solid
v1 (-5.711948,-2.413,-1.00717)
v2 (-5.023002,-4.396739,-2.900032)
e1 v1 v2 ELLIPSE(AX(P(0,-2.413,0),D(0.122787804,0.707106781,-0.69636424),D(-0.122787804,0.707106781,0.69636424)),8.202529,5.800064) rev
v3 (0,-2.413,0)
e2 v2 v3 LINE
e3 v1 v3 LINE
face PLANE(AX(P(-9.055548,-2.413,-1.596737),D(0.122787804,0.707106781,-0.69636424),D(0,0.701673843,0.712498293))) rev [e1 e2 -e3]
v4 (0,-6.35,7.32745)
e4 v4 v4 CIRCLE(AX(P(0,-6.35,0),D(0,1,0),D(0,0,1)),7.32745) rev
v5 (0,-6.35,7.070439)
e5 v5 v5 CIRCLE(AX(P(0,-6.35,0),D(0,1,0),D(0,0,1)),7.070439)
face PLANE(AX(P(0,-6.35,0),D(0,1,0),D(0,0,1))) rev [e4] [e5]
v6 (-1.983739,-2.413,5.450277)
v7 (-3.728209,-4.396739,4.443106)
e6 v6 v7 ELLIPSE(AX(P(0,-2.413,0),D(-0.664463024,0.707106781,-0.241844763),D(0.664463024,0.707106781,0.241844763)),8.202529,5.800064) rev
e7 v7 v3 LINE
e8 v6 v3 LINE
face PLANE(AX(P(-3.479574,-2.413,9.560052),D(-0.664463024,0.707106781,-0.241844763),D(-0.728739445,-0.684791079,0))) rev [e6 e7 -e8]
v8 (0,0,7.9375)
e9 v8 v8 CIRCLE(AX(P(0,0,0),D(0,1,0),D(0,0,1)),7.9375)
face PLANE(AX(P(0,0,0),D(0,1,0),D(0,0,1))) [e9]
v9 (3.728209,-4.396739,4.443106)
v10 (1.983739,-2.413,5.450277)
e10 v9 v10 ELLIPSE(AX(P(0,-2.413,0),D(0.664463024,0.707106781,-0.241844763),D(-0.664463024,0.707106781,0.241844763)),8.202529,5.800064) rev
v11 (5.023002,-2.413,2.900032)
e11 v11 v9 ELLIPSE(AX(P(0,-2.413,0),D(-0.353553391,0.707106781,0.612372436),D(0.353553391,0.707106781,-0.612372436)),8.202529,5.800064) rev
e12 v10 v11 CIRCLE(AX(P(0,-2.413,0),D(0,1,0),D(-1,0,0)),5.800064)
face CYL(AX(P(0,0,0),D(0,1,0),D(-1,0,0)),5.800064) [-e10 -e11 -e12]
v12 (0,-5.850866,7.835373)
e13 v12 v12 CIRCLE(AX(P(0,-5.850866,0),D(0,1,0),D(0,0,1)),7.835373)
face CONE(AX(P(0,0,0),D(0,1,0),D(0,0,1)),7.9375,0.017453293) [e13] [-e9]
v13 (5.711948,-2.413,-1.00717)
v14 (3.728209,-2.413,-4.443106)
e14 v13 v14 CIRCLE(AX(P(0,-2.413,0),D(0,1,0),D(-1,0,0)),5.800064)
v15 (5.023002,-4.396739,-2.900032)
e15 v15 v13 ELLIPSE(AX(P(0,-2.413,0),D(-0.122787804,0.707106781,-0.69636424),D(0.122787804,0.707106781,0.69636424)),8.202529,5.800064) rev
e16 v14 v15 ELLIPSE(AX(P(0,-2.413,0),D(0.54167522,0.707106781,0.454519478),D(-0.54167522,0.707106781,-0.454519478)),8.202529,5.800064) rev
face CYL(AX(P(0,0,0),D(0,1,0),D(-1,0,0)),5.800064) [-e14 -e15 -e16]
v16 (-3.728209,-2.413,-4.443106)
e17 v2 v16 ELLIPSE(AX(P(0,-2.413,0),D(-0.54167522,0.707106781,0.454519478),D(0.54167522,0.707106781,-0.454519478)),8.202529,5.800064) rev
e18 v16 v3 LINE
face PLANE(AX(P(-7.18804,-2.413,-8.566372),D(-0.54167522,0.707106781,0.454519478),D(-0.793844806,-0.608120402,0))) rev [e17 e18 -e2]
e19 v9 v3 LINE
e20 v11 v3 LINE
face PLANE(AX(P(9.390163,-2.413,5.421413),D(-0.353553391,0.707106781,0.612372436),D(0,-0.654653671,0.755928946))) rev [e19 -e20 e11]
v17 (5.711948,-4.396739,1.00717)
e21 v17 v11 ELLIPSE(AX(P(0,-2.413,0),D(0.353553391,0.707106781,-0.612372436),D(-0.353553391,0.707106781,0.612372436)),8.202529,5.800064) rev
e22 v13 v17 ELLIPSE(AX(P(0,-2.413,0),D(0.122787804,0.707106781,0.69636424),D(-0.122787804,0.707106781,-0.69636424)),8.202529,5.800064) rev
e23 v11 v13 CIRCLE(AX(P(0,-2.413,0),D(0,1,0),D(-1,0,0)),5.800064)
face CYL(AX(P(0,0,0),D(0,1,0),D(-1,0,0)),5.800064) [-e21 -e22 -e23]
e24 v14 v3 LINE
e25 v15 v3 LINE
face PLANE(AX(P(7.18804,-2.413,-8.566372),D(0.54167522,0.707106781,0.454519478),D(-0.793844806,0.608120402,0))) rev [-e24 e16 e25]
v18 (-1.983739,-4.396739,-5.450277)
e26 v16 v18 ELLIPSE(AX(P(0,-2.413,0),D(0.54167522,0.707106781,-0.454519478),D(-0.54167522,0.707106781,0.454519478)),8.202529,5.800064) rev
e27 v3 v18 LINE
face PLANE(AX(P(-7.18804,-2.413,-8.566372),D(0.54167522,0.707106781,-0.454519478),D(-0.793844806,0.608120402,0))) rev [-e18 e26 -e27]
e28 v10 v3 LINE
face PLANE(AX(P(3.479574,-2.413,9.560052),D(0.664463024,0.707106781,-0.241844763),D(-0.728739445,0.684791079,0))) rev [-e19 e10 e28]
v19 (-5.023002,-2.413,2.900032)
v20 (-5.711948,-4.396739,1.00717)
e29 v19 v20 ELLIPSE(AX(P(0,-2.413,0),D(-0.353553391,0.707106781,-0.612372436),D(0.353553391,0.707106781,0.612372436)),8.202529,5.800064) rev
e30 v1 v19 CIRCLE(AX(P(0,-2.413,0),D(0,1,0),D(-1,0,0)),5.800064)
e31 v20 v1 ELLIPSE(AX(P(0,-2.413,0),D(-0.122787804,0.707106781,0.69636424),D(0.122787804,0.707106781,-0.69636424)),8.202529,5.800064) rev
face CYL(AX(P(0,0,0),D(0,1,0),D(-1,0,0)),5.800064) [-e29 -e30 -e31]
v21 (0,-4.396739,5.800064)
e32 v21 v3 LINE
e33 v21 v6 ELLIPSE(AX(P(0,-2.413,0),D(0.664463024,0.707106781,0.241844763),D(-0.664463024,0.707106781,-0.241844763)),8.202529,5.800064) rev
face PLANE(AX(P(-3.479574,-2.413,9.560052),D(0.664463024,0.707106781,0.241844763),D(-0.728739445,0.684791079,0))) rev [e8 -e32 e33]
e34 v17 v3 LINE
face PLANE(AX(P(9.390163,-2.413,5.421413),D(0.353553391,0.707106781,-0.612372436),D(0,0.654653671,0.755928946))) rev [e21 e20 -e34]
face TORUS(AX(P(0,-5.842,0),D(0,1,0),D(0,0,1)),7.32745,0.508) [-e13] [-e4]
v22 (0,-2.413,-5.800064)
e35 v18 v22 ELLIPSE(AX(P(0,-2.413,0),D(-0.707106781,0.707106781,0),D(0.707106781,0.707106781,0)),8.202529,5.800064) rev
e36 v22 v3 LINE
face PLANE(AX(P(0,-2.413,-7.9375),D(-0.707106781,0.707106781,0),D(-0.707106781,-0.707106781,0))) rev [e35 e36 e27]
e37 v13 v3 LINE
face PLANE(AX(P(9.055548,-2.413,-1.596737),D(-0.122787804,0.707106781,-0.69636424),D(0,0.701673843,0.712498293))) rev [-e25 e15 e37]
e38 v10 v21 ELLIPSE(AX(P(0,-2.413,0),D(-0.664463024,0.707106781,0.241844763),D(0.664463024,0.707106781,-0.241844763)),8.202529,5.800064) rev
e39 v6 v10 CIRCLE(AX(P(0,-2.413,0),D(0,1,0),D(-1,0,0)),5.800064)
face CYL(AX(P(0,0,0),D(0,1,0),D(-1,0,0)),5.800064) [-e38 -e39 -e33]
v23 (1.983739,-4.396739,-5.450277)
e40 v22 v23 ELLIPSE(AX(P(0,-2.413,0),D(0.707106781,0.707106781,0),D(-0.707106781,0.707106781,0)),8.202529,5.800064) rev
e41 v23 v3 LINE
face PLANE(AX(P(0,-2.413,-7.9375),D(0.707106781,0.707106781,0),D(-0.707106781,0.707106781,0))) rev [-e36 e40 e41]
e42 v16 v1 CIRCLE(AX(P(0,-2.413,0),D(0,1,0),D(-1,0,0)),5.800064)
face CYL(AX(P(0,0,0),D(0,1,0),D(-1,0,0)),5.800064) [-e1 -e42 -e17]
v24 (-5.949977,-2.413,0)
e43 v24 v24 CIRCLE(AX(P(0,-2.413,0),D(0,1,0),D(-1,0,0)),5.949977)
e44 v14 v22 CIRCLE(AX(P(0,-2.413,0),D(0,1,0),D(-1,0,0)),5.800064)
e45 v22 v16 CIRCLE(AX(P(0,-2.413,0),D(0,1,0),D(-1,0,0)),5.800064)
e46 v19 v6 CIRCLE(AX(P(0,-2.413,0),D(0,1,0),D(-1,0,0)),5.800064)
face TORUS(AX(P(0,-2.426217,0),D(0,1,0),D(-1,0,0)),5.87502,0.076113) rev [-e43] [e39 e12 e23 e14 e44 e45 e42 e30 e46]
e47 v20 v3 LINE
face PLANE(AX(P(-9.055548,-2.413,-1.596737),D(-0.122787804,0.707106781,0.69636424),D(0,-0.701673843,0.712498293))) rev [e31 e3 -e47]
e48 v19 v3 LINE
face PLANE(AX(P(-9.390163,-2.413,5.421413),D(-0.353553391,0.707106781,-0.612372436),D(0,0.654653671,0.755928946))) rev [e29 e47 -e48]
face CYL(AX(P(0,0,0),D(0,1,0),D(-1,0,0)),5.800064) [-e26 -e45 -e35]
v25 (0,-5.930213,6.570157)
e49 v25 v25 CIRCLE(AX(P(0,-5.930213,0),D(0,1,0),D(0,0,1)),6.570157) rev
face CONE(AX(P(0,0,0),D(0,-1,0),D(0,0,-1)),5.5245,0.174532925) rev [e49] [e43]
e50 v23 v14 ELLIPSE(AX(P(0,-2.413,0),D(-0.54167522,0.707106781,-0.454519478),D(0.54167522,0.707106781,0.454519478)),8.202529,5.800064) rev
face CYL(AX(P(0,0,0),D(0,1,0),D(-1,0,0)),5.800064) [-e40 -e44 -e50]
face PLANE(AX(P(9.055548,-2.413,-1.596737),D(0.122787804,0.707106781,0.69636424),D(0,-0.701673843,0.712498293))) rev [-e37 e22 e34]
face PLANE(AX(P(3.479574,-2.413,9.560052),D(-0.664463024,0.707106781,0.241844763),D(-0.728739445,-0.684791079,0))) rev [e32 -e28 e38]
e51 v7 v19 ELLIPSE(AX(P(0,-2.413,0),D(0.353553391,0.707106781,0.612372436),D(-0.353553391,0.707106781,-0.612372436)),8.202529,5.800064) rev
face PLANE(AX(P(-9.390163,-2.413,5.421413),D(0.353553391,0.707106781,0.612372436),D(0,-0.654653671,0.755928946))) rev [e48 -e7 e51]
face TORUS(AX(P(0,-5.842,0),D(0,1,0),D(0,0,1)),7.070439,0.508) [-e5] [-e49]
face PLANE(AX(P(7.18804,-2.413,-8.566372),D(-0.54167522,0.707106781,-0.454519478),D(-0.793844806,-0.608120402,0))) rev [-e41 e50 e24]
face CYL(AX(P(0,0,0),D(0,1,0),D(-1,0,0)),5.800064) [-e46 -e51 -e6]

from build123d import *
from build123d.topology import SkipClean

# Parameters (mm, degrees)
SKETCH1_R           = 7.9375
BOSS_EXTRUDE1_DEPTH = 6.35
BOSS_EXTRUDE1_DRAFT = -1
CUT_EXTRUDE3_DEPTH  = 8.9375
CIRPATTERN3_COUNT   = 9
SKETCH7_R           = 7.9375
SKETCH7_R_2         = 5.5245
BOSS_EXTRUDE3_DEPTH = 6.35
BOSS_EXTRUDE3_DRAFT = -1
DRAFT1_ANGLE        = -10
FILLET2_R           = 0.508


with BuildPart() as part:
    # Sketch1 → Boss-Extrude1 (with draft: the straight prism first)
    with BuildSketch(Plane(origin=(0, 0, 0), x_dir=(1, 0, 0), z_dir=(0, 1, 0))):
        Circle(SKETCH1_R)
    extrude(amount=-BOSS_EXTRUDE1_DEPTH)
    # Boss-Extrude1: the draft: its side faces are tilted about the plane it starts from
    boss_extrude1_sides = [part.faces().sort_by_distance(p)[0] for p in [
        (-7.9375, -3.175, 0),
    ]]
    draft(boss_extrude1_sides, Plane(origin=(0, 0, 0), x_dir=(1, 0, 0), z_dir=(0, 1, 0)), BOSS_EXTRUDE1_DRAFT)

    # Sketch6 → Cut-Extrude3 (cut, through all)
    with BuildSketch(Plane.XY):
        Polygon((0, -2.413), (-7.112, -9.525), (7.112, -9.525), align=None)
    cut_extrude3 = extrude(amount=-CUT_EXTRUDE3_DEPTH, mode=Mode.SUBTRACT)

    # CirPattern3: Cut-Extrude3 ×9 about axis
    cirpattern3_axis = Axis((0, 0, 0), (0, 1, 0))
    for i in range(1, CIRPATTERN3_COUNT):
        add(cut_extrude3.rotate(cirpattern3_axis, i * 360 / CIRPATTERN3_COUNT), mode=Mode.SUBTRACT)


with BuildPart() as boss_extrude3_tool:
    # Sketch7 → Boss-Extrude3 (with draft: the straight prism first)
    with BuildSketch(Plane(origin=(0, 0, 0), x_dir=(1, 0, 0), z_dir=(0, 1, 0))):
        Circle(SKETCH7_R)
        Circle(SKETCH7_R_2, mode=Mode.SUBTRACT)
    extrude(amount=-BOSS_EXTRUDE3_DEPTH)
    # Boss-Extrude3: the draft: its side faces are tilted about the plane it starts from
    boss_extrude3_sides = [boss_extrude3_tool.faces().sort_by_distance(p)[0] for p in [
        (-7.9375, -3.175, 0),
        (-5.5245, -3.175, 0),
    ]]
    draft(boss_extrude3_sides, Plane(origin=(0, 0, 0), x_dir=(1, 0, 0), z_dir=(0, 1, 0)), BOSS_EXTRUDE3_DRAFT)


with BuildPart() as part_1:
    add(part.part)

    # Boss-Extrude3: add boss_extrude3_tool
    add(boss_extrude3_tool.part)

    # Draft1
    draft1_faces = [part_1.faces().sort_by_distance(p)[0] for p in [
        (-5.600979367, -4.381499996, 0),
    ]]
    draft(draft1_faces, Plane.ZX, DRAFT1_ANGLE)

    # Fillet2
    fillet2_edges = [part_1.edges().sort_by_distance(p)[0] for p in [
        (-7.826660338, -6.35, 0),
        (-6.644176327, -6.35, 0),
    ]]
    fillet(fillet2_edges, radius=FILLET2_R)

    # Sketch8 → Cut-Revolve1 (revolve, cut)
    with SkipClean():  # keep this step's faces unmerged: merging them makes the solid invalid here
        with BuildSketch(Plane(origin=(0, 0, 0), x_dir=(0, 0, -1), z_dir=(1, 0, 0))):
            with BuildLine():
                Line((-5.800063528, -2.413), (-5.800063528, -6.720189325))
                Line((-5.800063528, -6.720189325), (-6.570156602, -6.720189325))
                Line((-6.570156602, -6.720189325), (-6.570156602, -5.930213274))
                Line((-6.570156602, -5.930213274), (-5.949977004, -2.413))
                ThreePointArc((-5.949977004, -2.413), (-5.875020266, -2.350103828), (-5.800063528, -2.413))
            make_face()
        revolve(axis=Axis((0, 0, 0), (0, -1, 0)), mode=Mode.SUBTRACT)


solid = part_1.part
